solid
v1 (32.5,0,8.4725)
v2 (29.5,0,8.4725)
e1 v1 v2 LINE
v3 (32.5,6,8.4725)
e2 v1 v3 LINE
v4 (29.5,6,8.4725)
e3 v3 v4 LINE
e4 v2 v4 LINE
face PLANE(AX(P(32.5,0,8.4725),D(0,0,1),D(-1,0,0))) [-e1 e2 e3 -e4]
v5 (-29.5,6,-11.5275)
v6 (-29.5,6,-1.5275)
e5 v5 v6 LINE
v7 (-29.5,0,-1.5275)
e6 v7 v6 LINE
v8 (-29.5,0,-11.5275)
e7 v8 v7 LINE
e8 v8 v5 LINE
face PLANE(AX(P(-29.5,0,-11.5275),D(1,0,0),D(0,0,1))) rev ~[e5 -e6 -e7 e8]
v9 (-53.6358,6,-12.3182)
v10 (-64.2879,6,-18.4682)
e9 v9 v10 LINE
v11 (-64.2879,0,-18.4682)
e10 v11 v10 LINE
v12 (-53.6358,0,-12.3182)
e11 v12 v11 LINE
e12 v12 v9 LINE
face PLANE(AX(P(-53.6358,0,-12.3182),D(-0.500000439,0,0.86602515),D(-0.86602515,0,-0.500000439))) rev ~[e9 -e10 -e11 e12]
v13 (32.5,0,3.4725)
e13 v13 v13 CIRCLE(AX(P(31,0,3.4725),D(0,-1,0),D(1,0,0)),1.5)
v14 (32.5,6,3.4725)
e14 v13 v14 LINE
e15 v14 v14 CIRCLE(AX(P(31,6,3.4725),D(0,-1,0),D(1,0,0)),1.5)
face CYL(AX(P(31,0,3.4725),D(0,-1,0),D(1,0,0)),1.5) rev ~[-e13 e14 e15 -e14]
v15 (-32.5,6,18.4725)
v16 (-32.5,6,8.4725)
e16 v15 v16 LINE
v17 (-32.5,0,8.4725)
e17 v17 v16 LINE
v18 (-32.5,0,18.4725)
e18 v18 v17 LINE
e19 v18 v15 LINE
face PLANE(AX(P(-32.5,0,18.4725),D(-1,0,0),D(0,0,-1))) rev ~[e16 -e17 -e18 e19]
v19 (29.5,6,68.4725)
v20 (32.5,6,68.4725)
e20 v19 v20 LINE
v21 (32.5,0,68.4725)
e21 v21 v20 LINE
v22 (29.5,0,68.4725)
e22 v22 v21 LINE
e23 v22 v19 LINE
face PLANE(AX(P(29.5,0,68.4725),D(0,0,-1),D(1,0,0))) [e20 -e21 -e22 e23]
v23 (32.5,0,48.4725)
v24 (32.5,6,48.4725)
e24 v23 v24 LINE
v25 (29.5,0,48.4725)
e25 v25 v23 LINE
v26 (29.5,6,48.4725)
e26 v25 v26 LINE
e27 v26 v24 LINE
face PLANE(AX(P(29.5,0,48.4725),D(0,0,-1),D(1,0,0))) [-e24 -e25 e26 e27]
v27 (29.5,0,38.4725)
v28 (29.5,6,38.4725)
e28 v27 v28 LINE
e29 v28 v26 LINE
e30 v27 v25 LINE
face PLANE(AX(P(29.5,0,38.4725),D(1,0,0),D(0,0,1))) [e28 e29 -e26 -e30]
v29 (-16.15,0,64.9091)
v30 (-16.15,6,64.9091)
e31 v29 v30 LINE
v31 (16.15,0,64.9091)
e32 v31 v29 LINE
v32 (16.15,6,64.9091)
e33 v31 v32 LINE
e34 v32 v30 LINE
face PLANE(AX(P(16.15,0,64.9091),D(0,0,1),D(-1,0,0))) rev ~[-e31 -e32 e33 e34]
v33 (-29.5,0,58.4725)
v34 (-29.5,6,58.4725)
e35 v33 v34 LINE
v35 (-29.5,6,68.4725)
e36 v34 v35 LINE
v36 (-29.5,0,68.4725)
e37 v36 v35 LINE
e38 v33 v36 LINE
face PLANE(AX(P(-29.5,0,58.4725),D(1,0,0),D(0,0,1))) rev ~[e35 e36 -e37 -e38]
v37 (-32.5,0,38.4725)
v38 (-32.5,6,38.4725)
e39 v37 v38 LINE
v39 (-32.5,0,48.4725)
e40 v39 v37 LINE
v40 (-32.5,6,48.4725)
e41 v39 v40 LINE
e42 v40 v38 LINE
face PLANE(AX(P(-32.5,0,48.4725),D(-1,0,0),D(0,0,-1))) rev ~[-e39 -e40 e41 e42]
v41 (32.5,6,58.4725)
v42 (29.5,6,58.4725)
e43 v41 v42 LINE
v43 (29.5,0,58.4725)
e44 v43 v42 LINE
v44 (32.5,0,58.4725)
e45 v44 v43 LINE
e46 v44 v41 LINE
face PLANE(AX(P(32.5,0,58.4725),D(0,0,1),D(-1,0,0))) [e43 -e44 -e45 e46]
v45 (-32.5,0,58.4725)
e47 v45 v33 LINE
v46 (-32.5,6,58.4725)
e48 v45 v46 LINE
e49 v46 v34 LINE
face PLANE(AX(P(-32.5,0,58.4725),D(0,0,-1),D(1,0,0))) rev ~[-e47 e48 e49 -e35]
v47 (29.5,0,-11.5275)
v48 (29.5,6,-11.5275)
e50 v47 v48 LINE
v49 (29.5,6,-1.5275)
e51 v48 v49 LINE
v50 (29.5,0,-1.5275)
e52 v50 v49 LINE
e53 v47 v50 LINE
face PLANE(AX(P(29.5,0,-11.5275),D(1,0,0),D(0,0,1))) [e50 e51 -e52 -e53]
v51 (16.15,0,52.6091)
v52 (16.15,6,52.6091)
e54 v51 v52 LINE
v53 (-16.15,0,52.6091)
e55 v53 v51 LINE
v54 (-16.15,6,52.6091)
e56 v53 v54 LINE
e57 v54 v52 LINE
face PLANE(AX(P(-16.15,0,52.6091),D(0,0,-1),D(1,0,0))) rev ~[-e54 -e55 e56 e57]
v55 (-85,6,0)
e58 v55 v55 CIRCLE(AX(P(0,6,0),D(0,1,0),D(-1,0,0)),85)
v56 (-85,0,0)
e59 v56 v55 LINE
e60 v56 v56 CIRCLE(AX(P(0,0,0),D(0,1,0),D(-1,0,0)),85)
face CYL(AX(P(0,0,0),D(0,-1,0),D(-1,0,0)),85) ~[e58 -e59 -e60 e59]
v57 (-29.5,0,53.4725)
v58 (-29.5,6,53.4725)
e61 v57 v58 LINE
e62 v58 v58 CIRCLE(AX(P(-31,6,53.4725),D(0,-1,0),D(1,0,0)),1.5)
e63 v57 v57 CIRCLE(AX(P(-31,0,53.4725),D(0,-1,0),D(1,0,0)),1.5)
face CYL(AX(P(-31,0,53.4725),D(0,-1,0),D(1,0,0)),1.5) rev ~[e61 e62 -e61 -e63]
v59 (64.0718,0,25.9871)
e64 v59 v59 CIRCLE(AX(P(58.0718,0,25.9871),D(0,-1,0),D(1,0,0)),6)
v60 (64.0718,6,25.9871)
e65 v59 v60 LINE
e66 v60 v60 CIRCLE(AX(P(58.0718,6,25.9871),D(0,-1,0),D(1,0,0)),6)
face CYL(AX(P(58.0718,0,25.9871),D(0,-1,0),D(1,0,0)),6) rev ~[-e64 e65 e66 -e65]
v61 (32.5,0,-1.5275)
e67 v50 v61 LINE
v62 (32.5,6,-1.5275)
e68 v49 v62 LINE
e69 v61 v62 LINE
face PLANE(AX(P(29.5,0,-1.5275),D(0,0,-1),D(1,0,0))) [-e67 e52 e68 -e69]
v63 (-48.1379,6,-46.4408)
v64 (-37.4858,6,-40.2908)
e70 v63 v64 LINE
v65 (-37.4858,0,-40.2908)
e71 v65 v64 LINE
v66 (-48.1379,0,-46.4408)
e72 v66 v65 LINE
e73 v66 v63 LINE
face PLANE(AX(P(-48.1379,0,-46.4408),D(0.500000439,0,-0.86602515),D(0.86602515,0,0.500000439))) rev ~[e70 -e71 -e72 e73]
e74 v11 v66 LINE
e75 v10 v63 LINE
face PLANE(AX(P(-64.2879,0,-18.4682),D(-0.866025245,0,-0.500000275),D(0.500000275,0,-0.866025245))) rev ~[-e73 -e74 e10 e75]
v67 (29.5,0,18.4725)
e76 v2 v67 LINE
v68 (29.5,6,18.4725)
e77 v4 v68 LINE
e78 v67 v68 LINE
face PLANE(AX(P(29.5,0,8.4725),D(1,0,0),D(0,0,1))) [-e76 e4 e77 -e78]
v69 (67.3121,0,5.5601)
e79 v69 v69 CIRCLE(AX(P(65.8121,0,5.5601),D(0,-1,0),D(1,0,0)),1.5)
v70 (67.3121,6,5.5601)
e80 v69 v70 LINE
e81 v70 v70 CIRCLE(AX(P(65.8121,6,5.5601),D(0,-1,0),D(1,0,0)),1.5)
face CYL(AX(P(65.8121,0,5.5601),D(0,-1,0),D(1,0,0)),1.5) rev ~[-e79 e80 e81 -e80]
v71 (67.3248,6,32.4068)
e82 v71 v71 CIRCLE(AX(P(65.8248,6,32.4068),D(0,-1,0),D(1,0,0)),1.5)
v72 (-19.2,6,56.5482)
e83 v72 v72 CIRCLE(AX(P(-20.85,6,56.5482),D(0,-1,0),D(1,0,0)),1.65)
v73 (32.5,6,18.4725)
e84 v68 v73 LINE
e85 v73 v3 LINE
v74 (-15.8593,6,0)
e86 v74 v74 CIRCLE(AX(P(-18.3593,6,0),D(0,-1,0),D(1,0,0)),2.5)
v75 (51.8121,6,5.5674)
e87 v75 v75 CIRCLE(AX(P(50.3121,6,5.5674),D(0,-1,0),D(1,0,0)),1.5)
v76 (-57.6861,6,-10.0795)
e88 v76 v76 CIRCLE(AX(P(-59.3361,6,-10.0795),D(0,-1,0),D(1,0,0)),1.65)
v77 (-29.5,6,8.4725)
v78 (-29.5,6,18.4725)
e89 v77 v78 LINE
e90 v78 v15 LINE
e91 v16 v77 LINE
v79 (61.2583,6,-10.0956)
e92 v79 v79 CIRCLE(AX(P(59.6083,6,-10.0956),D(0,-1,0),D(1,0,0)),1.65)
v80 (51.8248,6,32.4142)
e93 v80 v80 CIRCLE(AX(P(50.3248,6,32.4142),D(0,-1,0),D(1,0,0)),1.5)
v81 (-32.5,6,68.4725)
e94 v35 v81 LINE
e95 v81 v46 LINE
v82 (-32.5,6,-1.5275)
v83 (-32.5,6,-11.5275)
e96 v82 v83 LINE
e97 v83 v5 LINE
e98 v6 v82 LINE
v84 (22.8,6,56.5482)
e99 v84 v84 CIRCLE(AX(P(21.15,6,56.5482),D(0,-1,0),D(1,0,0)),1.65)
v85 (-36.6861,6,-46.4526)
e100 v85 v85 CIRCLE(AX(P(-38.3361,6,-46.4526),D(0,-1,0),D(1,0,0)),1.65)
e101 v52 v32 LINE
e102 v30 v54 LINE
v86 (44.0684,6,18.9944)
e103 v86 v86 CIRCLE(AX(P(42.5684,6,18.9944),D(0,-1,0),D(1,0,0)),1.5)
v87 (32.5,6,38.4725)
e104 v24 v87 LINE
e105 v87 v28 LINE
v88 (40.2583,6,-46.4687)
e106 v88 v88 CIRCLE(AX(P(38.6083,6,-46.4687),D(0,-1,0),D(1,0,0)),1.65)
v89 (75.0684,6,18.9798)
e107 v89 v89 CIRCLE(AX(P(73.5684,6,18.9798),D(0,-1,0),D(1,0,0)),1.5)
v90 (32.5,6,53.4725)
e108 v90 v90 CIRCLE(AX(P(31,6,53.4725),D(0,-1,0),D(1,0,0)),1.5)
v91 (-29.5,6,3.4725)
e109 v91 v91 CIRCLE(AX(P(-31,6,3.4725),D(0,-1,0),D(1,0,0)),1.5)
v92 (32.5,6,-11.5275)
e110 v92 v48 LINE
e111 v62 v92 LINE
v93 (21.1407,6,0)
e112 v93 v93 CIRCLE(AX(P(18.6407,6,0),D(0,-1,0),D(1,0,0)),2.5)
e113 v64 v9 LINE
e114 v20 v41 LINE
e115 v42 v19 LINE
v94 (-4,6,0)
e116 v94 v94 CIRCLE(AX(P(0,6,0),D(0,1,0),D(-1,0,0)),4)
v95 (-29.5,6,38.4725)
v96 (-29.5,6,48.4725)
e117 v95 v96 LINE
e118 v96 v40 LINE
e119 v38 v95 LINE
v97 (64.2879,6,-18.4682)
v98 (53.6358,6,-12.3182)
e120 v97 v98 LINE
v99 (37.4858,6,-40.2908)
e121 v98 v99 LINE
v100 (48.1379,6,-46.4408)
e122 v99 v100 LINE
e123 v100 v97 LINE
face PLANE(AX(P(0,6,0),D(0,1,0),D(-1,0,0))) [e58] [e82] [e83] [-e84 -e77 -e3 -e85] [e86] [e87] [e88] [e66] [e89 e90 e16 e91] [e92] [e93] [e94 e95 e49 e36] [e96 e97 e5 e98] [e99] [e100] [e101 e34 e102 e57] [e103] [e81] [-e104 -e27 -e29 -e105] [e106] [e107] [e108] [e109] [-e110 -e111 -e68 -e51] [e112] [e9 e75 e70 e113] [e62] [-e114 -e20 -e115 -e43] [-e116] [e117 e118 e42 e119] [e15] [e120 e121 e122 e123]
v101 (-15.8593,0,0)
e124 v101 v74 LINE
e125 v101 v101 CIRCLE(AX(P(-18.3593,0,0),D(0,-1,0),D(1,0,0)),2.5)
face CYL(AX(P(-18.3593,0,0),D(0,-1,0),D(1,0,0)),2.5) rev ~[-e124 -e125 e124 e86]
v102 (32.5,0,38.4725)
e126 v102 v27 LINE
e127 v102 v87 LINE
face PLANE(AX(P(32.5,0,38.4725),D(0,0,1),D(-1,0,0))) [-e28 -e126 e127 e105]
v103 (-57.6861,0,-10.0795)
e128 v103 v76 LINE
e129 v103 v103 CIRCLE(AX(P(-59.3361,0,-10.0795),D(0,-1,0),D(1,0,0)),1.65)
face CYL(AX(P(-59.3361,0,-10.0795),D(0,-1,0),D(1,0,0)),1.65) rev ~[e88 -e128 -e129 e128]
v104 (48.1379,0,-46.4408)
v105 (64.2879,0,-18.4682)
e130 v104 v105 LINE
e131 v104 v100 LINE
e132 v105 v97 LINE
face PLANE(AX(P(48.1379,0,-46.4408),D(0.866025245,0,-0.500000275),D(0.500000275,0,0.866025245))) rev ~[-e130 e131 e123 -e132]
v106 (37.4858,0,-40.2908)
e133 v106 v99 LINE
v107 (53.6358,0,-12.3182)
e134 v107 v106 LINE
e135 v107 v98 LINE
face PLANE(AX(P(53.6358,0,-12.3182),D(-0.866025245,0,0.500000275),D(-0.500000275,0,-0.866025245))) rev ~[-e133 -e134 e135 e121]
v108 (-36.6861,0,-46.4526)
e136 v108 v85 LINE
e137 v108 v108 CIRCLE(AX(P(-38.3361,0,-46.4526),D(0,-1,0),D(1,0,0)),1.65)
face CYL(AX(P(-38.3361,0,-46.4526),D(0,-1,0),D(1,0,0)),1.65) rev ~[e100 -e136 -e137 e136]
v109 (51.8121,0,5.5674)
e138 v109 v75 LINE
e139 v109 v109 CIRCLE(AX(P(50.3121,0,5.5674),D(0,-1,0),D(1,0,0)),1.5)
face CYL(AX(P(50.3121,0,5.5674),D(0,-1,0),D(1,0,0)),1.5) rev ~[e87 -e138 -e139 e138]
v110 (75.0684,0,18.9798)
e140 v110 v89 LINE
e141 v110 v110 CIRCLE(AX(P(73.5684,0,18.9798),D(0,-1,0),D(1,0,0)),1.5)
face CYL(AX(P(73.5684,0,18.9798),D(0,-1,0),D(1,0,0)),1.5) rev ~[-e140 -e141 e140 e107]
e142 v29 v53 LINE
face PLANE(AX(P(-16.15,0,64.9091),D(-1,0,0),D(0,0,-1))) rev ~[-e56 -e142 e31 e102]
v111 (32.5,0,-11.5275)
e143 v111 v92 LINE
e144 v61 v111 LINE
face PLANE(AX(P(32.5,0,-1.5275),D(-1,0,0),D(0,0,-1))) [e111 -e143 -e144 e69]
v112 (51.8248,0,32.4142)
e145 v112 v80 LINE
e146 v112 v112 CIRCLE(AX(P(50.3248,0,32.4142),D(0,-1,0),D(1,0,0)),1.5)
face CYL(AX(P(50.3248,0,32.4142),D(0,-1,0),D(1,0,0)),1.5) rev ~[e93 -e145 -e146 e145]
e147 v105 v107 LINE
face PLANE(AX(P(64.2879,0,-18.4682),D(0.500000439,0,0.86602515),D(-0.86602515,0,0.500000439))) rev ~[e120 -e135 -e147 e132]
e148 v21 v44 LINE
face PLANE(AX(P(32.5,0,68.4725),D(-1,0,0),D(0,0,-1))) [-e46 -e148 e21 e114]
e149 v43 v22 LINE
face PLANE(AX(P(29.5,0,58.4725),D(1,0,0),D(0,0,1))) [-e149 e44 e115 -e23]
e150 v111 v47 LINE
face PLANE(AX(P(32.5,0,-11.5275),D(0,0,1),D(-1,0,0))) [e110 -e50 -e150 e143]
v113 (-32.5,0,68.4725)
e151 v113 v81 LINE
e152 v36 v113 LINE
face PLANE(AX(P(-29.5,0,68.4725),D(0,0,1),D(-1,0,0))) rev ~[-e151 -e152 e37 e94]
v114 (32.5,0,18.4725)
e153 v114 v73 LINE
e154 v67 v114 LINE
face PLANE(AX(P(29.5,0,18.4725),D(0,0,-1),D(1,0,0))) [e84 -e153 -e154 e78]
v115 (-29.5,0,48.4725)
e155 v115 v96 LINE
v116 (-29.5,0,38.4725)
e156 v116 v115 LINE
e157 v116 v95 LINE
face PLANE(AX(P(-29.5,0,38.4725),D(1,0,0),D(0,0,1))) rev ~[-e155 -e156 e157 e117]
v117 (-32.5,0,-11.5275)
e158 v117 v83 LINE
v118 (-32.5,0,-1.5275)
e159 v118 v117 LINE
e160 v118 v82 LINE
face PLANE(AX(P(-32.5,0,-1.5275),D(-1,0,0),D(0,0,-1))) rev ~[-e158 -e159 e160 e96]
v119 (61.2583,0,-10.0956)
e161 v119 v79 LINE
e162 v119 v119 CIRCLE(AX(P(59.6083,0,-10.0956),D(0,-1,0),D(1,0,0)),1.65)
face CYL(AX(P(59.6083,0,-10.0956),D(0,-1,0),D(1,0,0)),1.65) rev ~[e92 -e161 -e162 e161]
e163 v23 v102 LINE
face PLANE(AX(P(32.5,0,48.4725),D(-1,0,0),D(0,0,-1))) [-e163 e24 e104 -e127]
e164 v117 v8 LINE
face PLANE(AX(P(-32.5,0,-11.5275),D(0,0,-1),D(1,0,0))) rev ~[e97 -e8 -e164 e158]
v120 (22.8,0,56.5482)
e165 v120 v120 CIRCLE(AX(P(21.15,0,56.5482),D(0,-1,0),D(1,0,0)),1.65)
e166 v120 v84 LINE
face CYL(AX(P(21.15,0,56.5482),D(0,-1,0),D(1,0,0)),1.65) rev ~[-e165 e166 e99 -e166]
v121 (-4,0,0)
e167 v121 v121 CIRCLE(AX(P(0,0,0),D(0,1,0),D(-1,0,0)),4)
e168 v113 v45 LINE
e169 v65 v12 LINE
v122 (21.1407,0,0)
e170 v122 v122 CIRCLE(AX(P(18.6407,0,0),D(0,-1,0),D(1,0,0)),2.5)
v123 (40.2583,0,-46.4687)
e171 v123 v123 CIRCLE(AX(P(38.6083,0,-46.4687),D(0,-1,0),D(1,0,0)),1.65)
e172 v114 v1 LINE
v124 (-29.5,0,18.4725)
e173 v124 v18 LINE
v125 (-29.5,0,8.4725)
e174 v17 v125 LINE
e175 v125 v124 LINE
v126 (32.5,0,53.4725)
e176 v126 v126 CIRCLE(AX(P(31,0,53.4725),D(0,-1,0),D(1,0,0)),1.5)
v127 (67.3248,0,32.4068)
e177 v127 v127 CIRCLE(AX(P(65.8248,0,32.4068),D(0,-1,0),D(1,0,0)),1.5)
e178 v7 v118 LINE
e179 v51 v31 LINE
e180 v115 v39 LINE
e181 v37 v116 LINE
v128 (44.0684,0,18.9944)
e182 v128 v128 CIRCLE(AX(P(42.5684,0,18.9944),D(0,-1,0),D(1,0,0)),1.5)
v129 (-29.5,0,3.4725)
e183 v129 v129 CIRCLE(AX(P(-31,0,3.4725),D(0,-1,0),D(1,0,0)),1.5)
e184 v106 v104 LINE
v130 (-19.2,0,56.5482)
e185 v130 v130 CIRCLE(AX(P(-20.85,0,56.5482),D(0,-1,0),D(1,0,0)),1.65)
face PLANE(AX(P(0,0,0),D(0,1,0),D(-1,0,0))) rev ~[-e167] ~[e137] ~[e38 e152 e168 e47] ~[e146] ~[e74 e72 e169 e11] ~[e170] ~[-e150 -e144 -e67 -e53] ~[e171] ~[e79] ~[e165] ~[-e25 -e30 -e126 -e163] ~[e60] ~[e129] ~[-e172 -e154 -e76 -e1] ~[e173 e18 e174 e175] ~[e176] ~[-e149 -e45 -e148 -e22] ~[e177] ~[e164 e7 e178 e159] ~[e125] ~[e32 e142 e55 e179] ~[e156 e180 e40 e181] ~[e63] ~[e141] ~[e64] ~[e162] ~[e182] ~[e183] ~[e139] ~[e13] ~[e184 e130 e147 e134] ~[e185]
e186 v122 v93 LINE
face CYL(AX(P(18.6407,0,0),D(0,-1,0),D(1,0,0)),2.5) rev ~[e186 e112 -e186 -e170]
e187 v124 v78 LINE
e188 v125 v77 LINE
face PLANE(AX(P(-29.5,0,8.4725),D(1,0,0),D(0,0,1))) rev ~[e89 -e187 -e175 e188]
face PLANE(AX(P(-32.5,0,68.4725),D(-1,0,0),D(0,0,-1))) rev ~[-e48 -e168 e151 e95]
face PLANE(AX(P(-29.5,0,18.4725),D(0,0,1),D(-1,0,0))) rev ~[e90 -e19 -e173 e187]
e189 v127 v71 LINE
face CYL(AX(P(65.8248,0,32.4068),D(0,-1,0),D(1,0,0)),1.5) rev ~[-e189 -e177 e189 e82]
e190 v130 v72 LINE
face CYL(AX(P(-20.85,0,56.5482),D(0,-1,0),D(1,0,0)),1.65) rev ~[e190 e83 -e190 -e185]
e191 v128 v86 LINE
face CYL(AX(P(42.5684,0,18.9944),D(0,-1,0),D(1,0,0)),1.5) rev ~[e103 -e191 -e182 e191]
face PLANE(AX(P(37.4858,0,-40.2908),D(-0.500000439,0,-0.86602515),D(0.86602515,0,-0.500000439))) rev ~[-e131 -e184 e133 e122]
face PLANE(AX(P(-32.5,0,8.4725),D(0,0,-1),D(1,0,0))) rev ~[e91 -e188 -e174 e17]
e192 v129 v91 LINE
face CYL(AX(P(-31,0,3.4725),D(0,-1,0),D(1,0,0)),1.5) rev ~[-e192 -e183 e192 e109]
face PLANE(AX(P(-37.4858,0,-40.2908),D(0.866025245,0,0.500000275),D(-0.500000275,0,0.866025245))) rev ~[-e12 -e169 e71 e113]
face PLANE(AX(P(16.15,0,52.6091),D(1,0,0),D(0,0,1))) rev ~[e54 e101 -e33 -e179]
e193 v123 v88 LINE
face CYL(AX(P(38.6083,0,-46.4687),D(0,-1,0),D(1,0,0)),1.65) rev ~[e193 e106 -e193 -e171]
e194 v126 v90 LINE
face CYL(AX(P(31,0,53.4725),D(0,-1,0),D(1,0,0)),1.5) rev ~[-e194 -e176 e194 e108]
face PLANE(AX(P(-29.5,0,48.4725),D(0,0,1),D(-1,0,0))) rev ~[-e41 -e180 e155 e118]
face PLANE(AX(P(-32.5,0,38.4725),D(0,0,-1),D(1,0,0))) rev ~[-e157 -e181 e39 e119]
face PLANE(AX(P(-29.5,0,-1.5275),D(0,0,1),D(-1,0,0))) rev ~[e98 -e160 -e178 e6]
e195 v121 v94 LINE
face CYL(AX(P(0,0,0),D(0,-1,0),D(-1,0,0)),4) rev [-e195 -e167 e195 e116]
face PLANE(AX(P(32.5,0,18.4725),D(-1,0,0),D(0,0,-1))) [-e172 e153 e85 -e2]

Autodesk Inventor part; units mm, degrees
ref_plane "YZ Plane" through (0, 0, 0) normal (1, 0, 0) x (0, 1, 0)
ref_plane "XZ Plane" through (0, 0, 0) normal (0, 1, 0) x (-1, 0, 0)
ref_plane "XY Plane" through (0, 0, 0) normal (0, 0, 1) x (1, 0, 0)
sketch "Эскиз1" plane through (0, 0, 0) normal (0, 1, 0) x (-1, 0, 0)
  circle A0 centre (0, 0) radius 85
  circle A1 centre (0, 0) radius 4
  dimension "d0" = 170
  dimension "d15" = 8
extrude "Выдавливание1" add sketch "Эскиз1" along normal blind 6
sketch "Эскиз2" plane through (0, 0, 0) normal (0, -1, 0) x (1, 0, 0)
  circle A0 centre (0, 0) radius 4 projected
  circle A1 centre (0, 0) radius 117.5181 construction
  line L0 (101.7737, 58.7591) -> (0, -117.5181) construction
  line L1 (0, -117.5181) -> (-101.7737, 58.7591) construction
  line L2 (-101.7737, 58.7591) -> (101.7737, 58.7591) construction
  line L3 (16.15, 64.9091) -> (-16.15, 64.9091)
  line L4 (-16.15, 64.9091) -> (-16.15, 52.6091)
  line L5 (-16.15, 52.6091) -> (16.15, 52.6091)
  line L6 (16.15, 52.6091) -> (16.15, 64.9091)
  line L7 (16.15, 64.9091) -> (-16.15, 52.6091) construction
  line L8 (-16.15, 64.9091) -> (16.15, 52.6091) construction
  line L9 (-16.15, 58.7591) -> (16.15, 58.7591) construction
  line L10 (-64.2879, -18.4682) -> (-48.1379, -46.4408)
  line L11 (-37.4858, -40.2908) -> (-53.6358, -12.3182)
  line L12 (-53.6358, -12.3182) -> (-64.2879, -18.4682)
  line L13 (-48.1379, -46.4408) -> (-37.4858, -40.2908)
  line L14 (-64.2879, -18.4682) -> (-37.4858, -40.2908) construction
  line L15 (-48.1379, -46.4408) -> (-53.6358, -12.3182) construction
  line L16 (48.1379, -46.4408) -> (64.2879, -18.4682)
  line L17 (53.6358, -12.3182) -> (37.4858, -40.2908)
  line L18 (37.4858, -40.2908) -> (48.1379, -46.4408)
  line L19 (64.2879, -18.4682) -> (53.6358, -12.3182)
  line L20 (48.1379, -46.4408) -> (53.6358, -12.3182) construction
  line L21 (64.2879, -18.4682) -> (37.4858, -40.2908) construction
  circle A2 centre (58.0718, 25.9871) radius 6
  circle A3 centre (18.6407, 0) radius 2.5
  circle A4 centre (-18.3593, 0) radius 2.5
  point P0 (0, 58.7591)
  point P1 (-58.9618, -15.3932)
  point P2 (-42.8118, -43.3658)
  point P3 (-50.8868, -29.3795)
  point P4 (42.8118, -43.3658)
  point P5 (58.9618, -15.3932)
  point P6 (50.8868, -29.3795)
  dimension "d16" = 32.3
  dimension "d17" = 12.3
  dimension "d20" = 360
  dimension "d25" = 12
  dimension "d26" = 5
  dimension "d27" = 5
  dimension "d28" = 37
extrude "Выдавливание3" cut sketch "Эскиз2" against normal blind 6 contours L6 L5 L4 L3 | L12 L11 L13 L10 | L18 L17 L19 L16 | A2 | A3 | A4
sketch "Эскиз3" plane through (0, 0, 0) normal (0, -1, 0) x (1, 0, 0)
  point P0 (0, 0)
sketch "Эскиз4" plane through (0, 0, 0) normal (0, -1, 0) x (1, 0, 0)
  point P0 (0, 0)
sketch "Эскиз5" plane through (0, 0, 0) normal (0, -1, 0) x (1, 0, 0)
  circle A0 centre (65.8248, 32.4068) radius 1.25 construction
  circle A1 centre (73.5684, 18.9798) radius 1.25 construction
  circle A2 centre (50.3248, 32.4142) radius 1.25 construction
  circle A3 centre (65.8121, 5.5601) radius 1.25 construction
  circle A4 centre (61.3843, 6.6933) radius 1.19 construction
  circle A5 centre (65.8121, 5.5601) radius 1.25 construction
  circle A6 centre (50.3121, 5.5674) radius 1.25 construction
  circle A7 centre (42.5684, 18.9944) radius 1.25 construction
  circle A8 centre (50.3248, 32.4142) radius 1.25 construction
  circle A9 centre (73.5684, 18.9798) radius 1.5
  circle A10 centre (65.8121, 5.5601) radius 1.5
  circle A11 centre (50.3121, 5.5674) radius 1.5
  circle A12 centre (42.5684, 18.9944) radius 1.5
  circle A13 centre (50.3248, 32.4142) radius 1.5
  circle A14 centre (65.8248, 32.4068) radius 1.5
  point P0 (0, 0)
  dimension "d29" = 3
  dimension "d30" = 3
  dimension "d31" = 3
  dimension "d32" = 3
  dimension "d33" = 3
  dimension "d34" = 3
extrude "Выдавливание4" cut sketch "Эскиз5" against normal blind 10
sketch "Эскиз6" plane through (0, 0, 0) normal (0, -1, 0) x (1, 0, 0)
  circle A0 centre (-59.3361, -10.0795) radius 1.65 projected
  circle A1 centre (-38.3361, -46.4526) radius 1.65 projected
  circle A2 centre (38.6083, -46.4687) radius 1.65 projected
  circle A3 centre (59.6083, -10.0956) radius 1.65 projected
  circle A4 centre (21.15, 56.5482) radius 1.65 projected
  circle A5 centre (-20.85, 56.5482) radius 1.65 projected
  point P0 (0, 0)
extrude "Выдавливание5" cut sketch "Эскиз6" against normal blind 10
sketch "Эскиз10" plane through (0, 0, 0) normal (0, -1, 0) x (1, 0, 0)
  line L0 (29.5, 68.4725) -> (32.5, 68.4725) projected
  line L1 (29.5, 58.4725) -> (29.5, 68.4725) projected
  line L2 (32.5, 58.4725) -> (29.5, 58.4725) projected
  line L3 (32.5, 68.4725) -> (32.5, 58.4725) projected
  line L4 (29.5, 48.4725) -> (32.5, 48.4725) projected
  line L5 (29.5, 38.4725) -> (29.5, 48.4725) projected
  line L6 (32.5, 38.4725) -> (29.5, 38.4725) projected
  line L7 (32.5, 48.4725) -> (32.5, 38.4725) projected
  line L8 (29.5, 18.4725) -> (32.5, 18.4725) projected
  line L9 (29.5, 8.4725) -> (29.5, 18.4725) projected
  line L10 (32.5, 8.4725) -> (29.5, 8.4725) projected
  line L11 (32.5, 18.4725) -> (32.5, 8.4725) projected
  line L12 (29.5, -1.5275) -> (32.5, -1.5275) projected
  line L13 (29.5, -11.5275) -> (29.5, -1.5275) projected
  line L14 (32.5, -11.5275) -> (29.5, -11.5275) projected
  line L15 (32.5, -1.5275) -> (32.5, -11.5275) projected
  line L16 (-29.5, -1.5275) -> (-32.5, -1.5275) projected
  line L17 (-32.5, -1.5275) -> (-32.5, -11.5275) projected
  line L18 (-32.5, -11.5275) -> (-29.5, -11.5275) projected
  line L19 (-29.5, -11.5275) -> (-29.5, -1.5275) projected
  line L20 (-29.5, 18.4725) -> (-32.5, 18.4725) projected
  line L21 (-32.5, 18.4725) -> (-32.5, 8.4725) projected
  line L22 (-32.5, 8.4725) -> (-29.5, 8.4725) projected
  line L23 (-29.5, 8.4725) -> (-29.5, 18.4725) projected
  line L24 (-29.5, 48.4725) -> (-32.5, 48.4725) projected
  line L25 (-32.5, 48.4725) -> (-32.5, 38.4725) projected
  line L26 (-32.5, 38.4725) -> (-29.5, 38.4725) projected
  line L27 (-29.5, 38.4725) -> (-29.5, 48.4725) projected
  line L28 (-29.5, 68.4725) -> (-32.5, 68.4725) projected
  line L29 (-32.5, 68.4725) -> (-32.5, 58.4725) projected
  line L30 (-32.5, 58.4725) -> (-29.5, 58.4725) projected
  line L31 (-29.5, 58.4725) -> (-29.5, 68.4725) projected
  circle A0 centre (-31, 53.4725) radius 1.5
  circle A1 centre (-31, 3.4725) radius 1.5
  circle A2 centre (31, 53.4725) radius 1.5
  circle A3 centre (31, 3.4725) radius 1.5
  line L32 (-31, 58.4725) -> (-31, 48.4725) construction
  line L33 (-31, 8.4725) -> (-31, -1.5275) construction
  line L34 (31, -1.5275) -> (31, 8.4725) construction
  line L35 (31, 48.4725) -> (31, 58.4725) construction
  point P0 (0, 0)
  point P1 (-31, 53.4725)
  point P2 (-31, 3.4725)
  point P3 (31, 3.4725)
  dimension "d57" = 3
extrude "Выдавливание9" cut sketch "Эскиз10" against normal up to surface (6 mm away)
properties part number "Fanerka"
